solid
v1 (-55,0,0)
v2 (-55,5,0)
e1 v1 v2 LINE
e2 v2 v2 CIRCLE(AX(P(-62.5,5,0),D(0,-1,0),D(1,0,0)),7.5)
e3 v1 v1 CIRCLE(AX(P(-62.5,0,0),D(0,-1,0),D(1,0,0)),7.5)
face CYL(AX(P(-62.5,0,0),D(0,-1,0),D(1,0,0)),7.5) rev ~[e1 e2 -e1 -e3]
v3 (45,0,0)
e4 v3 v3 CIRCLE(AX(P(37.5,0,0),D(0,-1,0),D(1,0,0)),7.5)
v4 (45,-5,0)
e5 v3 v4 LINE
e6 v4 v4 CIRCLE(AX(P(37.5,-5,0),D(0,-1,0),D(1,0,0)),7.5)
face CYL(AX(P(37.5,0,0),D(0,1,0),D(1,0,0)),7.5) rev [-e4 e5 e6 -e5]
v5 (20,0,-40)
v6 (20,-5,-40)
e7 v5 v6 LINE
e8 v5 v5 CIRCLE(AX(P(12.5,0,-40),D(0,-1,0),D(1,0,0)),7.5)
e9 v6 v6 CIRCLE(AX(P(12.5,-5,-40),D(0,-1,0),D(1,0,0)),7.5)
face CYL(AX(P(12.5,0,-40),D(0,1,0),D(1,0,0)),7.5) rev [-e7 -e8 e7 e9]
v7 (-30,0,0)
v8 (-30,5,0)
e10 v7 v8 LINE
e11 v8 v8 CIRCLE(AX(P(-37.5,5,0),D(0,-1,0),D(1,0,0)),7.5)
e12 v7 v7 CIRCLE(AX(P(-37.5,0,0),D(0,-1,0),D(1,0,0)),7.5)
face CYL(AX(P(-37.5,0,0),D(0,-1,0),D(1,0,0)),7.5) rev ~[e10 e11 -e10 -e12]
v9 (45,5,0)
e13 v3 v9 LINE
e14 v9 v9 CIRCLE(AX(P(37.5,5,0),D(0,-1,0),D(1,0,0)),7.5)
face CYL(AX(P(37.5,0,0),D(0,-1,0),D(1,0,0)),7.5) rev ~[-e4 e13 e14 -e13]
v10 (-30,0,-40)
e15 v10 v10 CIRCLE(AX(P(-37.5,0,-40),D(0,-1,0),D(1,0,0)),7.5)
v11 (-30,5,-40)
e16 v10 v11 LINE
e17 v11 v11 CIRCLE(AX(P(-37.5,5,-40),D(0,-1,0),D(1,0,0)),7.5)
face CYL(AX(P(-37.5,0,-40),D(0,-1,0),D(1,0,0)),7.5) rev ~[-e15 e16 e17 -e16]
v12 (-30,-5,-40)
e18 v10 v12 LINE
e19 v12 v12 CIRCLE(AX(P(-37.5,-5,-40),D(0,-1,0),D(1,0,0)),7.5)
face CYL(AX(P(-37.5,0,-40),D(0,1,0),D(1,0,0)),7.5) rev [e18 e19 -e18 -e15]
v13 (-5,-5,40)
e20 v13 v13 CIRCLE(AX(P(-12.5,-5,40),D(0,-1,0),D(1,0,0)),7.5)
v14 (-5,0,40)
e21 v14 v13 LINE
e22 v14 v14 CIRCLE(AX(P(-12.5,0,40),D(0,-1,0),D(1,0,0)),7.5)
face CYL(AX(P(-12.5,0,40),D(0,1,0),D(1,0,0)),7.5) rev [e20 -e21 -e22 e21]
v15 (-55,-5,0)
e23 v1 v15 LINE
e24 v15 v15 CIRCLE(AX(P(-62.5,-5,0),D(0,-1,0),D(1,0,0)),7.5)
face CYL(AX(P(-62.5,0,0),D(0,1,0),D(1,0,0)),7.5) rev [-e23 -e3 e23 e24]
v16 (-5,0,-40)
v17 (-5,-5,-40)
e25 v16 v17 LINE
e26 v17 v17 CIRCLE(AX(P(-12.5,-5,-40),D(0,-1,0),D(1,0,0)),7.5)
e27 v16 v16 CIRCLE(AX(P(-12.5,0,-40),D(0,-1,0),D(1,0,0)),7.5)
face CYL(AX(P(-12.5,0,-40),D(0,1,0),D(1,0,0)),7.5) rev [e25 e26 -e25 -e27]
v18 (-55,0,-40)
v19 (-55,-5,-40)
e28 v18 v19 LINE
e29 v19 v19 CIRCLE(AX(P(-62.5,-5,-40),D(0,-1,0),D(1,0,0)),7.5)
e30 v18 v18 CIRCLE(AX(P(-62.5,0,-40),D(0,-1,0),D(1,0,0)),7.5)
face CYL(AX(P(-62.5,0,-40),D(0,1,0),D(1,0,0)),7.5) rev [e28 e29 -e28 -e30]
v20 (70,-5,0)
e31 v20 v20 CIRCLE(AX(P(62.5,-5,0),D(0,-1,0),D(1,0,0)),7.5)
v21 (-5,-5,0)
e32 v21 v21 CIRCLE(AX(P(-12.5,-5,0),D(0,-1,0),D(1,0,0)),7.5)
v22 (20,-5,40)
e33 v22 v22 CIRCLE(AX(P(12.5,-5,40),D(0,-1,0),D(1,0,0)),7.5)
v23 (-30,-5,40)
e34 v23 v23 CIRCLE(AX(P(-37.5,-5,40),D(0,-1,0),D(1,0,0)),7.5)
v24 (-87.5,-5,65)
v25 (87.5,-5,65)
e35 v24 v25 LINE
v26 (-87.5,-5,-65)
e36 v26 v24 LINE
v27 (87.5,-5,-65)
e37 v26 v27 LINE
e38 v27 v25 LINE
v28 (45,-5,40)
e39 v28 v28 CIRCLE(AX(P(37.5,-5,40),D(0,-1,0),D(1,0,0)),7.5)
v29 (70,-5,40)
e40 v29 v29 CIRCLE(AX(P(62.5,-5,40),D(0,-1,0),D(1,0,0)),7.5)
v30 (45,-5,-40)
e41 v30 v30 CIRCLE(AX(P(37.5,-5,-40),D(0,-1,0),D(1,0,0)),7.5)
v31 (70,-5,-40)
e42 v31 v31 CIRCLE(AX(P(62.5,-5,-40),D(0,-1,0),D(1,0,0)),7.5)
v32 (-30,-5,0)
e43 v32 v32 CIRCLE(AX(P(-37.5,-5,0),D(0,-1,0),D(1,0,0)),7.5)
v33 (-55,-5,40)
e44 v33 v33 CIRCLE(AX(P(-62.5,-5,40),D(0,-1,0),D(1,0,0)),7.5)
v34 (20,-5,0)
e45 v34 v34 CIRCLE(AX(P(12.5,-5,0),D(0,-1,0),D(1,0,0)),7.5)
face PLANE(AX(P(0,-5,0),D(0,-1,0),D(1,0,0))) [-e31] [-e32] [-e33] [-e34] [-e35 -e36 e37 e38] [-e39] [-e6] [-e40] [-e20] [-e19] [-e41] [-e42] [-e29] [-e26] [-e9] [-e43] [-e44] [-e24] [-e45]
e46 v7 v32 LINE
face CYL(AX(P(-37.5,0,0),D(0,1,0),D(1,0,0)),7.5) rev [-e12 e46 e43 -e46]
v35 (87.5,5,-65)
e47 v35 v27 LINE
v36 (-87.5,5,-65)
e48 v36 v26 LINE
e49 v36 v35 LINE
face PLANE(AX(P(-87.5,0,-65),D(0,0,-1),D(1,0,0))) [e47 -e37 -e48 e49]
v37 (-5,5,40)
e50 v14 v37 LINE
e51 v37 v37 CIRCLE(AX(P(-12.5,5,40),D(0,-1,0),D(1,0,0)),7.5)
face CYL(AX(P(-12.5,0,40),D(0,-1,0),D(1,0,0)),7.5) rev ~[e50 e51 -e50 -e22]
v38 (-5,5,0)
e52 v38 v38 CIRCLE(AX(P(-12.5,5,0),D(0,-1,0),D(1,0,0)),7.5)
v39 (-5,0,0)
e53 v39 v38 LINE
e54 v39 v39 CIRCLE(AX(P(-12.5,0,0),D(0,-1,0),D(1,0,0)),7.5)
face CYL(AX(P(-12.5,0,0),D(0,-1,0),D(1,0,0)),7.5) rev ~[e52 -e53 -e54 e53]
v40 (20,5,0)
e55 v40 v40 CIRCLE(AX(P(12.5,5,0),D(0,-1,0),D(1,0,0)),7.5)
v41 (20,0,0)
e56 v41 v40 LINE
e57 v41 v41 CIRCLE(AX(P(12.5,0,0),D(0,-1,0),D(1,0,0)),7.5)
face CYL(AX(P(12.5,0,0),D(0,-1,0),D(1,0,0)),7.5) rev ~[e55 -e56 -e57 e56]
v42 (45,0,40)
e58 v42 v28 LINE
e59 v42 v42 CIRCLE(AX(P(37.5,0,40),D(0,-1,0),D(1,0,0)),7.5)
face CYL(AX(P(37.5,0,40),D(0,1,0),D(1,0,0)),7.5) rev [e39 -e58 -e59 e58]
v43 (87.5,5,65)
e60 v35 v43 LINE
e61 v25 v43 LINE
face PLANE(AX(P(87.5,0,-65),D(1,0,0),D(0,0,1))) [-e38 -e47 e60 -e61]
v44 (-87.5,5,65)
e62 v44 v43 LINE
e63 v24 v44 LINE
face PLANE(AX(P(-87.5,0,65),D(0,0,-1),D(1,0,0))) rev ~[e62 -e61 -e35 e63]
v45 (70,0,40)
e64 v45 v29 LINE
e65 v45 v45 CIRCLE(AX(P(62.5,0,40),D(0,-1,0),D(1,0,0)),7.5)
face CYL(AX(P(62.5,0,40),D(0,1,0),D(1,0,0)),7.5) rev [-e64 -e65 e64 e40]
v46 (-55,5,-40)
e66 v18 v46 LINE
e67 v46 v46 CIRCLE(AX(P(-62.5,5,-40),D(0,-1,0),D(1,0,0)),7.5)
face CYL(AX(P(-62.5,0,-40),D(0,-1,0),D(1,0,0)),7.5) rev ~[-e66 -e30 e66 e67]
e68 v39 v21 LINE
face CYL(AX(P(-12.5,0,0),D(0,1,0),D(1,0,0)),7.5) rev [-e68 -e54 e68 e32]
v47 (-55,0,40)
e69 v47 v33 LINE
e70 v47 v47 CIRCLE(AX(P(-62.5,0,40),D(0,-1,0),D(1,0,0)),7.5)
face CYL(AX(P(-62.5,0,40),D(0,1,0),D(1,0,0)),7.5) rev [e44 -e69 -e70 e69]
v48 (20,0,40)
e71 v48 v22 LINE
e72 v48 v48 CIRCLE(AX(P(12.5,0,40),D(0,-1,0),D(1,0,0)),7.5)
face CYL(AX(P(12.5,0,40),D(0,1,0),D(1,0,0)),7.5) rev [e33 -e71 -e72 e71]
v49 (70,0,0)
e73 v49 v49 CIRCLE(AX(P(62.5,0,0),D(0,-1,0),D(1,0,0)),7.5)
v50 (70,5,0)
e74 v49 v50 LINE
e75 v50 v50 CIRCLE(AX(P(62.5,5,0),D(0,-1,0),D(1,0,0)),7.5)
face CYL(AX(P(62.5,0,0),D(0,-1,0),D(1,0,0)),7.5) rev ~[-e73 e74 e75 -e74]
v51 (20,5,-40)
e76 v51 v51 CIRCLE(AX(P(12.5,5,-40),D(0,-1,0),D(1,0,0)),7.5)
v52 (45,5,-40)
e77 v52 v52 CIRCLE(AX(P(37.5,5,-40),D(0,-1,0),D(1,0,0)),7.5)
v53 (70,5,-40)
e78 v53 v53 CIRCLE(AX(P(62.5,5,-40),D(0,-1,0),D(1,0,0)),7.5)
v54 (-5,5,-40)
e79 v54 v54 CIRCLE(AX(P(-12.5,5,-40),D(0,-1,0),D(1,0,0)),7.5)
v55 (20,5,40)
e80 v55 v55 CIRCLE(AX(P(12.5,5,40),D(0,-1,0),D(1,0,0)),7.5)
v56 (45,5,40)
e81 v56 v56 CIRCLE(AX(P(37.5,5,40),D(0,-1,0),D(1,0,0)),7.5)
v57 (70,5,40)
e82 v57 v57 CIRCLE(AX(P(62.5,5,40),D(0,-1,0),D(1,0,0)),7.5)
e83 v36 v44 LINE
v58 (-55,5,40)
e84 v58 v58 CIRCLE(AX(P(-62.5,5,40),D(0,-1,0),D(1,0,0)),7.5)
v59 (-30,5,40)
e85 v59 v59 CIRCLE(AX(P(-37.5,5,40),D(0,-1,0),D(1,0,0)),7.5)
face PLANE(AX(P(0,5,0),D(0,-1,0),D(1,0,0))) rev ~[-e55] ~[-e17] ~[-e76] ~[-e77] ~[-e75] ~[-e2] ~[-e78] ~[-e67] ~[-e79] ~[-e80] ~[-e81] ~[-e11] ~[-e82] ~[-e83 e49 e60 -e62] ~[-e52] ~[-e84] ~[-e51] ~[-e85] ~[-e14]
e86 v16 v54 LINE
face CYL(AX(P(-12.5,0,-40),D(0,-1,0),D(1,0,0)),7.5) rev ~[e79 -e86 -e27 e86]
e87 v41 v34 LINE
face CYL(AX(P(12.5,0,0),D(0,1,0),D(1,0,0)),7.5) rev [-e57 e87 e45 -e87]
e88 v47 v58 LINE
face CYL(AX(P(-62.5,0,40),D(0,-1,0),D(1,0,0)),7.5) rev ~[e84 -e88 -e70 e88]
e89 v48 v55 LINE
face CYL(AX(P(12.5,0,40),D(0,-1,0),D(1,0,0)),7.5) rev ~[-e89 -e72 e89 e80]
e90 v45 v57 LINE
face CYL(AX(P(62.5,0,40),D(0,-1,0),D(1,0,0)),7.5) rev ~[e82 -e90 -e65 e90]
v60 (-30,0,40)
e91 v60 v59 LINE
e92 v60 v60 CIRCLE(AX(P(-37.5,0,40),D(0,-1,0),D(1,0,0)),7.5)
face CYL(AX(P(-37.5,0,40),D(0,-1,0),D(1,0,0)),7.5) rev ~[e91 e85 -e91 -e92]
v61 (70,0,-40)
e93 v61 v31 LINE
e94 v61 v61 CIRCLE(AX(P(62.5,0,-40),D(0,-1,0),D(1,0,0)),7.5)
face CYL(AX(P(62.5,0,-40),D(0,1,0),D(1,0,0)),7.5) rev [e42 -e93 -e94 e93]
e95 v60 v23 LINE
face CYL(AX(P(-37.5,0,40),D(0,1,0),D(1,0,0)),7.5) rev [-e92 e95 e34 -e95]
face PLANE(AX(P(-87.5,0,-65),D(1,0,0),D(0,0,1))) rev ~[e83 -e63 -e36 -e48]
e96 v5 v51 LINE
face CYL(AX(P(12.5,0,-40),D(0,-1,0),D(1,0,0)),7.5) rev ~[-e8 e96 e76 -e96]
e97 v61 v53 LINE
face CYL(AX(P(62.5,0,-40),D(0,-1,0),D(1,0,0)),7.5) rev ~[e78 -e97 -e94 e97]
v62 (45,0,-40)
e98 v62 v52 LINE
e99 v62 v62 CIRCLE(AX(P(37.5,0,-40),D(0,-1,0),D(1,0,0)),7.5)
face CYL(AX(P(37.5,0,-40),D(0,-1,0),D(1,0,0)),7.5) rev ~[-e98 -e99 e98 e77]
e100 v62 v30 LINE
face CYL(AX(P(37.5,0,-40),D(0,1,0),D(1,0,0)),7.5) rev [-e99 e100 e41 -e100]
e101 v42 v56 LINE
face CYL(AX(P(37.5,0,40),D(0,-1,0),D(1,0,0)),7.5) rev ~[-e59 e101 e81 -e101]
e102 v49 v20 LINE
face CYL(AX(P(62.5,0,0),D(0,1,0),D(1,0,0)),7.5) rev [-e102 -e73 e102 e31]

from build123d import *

# Parameters (mm, degrees)
F0_W          = 175
F0_H          = 130
F0_R          = 7.5
F1_DEPTH      = 5
F1_DEPTH_BACK = 5


with BuildPart() as f1:
    # F0 (on Front) → F1 (new body, two sides)
    with BuildSketch(Plane.XZ) as f1_sk:
        Rectangle(F0_W, F0_H)
        with Locations((-62.5, -40)):
            Circle(F0_R, mode=Mode.SUBTRACT)
        with Locations((-37.5, -40)):
            Circle(F0_R, mode=Mode.SUBTRACT)
        with Locations((-12.5, -40)):
            Circle(F0_R, mode=Mode.SUBTRACT)
        with Locations((12.5, -40)):
            Circle(F0_R, mode=Mode.SUBTRACT)
        with Locations((37.5, -40)):
            Circle(F0_R, mode=Mode.SUBTRACT)
        with Locations((62.5, -40)):
            Circle(F0_R, mode=Mode.SUBTRACT)
        with Locations((-62.5, 0)):
            Circle(F0_R, mode=Mode.SUBTRACT)
        with Locations((-37.5, 0)):
            Circle(F0_R, mode=Mode.SUBTRACT)
        with Locations((-12.5, 0)):
            Circle(F0_R, mode=Mode.SUBTRACT)
        with Locations((-62.5, 40)):
            Circle(F0_R, mode=Mode.SUBTRACT)
        with Locations((-37.5, 40)):
            Circle(F0_R, mode=Mode.SUBTRACT)
        with Locations((-12.5, 40)):
            Circle(F0_R, mode=Mode.SUBTRACT)
        with Locations((12.5, 0)):
            Circle(F0_R, mode=Mode.SUBTRACT)
        with Locations((37.5, 0)):
            Circle(F0_R, mode=Mode.SUBTRACT)
        with Locations((62.5, 0)):
            Circle(F0_R, mode=Mode.SUBTRACT)
        with Locations((12.5, 40)):
            Circle(F0_R, mode=Mode.SUBTRACT)
        with Locations((37.5, 40)):
            Circle(F0_R, mode=Mode.SUBTRACT)
        with Locations((62.5, 40)):
            Circle(F0_R, mode=Mode.SUBTRACT)
    extrude(amount=F1_DEPTH)
    extrude(f1_sk.sketch, amount=-F1_DEPTH_BACK)


solid = f1.part
